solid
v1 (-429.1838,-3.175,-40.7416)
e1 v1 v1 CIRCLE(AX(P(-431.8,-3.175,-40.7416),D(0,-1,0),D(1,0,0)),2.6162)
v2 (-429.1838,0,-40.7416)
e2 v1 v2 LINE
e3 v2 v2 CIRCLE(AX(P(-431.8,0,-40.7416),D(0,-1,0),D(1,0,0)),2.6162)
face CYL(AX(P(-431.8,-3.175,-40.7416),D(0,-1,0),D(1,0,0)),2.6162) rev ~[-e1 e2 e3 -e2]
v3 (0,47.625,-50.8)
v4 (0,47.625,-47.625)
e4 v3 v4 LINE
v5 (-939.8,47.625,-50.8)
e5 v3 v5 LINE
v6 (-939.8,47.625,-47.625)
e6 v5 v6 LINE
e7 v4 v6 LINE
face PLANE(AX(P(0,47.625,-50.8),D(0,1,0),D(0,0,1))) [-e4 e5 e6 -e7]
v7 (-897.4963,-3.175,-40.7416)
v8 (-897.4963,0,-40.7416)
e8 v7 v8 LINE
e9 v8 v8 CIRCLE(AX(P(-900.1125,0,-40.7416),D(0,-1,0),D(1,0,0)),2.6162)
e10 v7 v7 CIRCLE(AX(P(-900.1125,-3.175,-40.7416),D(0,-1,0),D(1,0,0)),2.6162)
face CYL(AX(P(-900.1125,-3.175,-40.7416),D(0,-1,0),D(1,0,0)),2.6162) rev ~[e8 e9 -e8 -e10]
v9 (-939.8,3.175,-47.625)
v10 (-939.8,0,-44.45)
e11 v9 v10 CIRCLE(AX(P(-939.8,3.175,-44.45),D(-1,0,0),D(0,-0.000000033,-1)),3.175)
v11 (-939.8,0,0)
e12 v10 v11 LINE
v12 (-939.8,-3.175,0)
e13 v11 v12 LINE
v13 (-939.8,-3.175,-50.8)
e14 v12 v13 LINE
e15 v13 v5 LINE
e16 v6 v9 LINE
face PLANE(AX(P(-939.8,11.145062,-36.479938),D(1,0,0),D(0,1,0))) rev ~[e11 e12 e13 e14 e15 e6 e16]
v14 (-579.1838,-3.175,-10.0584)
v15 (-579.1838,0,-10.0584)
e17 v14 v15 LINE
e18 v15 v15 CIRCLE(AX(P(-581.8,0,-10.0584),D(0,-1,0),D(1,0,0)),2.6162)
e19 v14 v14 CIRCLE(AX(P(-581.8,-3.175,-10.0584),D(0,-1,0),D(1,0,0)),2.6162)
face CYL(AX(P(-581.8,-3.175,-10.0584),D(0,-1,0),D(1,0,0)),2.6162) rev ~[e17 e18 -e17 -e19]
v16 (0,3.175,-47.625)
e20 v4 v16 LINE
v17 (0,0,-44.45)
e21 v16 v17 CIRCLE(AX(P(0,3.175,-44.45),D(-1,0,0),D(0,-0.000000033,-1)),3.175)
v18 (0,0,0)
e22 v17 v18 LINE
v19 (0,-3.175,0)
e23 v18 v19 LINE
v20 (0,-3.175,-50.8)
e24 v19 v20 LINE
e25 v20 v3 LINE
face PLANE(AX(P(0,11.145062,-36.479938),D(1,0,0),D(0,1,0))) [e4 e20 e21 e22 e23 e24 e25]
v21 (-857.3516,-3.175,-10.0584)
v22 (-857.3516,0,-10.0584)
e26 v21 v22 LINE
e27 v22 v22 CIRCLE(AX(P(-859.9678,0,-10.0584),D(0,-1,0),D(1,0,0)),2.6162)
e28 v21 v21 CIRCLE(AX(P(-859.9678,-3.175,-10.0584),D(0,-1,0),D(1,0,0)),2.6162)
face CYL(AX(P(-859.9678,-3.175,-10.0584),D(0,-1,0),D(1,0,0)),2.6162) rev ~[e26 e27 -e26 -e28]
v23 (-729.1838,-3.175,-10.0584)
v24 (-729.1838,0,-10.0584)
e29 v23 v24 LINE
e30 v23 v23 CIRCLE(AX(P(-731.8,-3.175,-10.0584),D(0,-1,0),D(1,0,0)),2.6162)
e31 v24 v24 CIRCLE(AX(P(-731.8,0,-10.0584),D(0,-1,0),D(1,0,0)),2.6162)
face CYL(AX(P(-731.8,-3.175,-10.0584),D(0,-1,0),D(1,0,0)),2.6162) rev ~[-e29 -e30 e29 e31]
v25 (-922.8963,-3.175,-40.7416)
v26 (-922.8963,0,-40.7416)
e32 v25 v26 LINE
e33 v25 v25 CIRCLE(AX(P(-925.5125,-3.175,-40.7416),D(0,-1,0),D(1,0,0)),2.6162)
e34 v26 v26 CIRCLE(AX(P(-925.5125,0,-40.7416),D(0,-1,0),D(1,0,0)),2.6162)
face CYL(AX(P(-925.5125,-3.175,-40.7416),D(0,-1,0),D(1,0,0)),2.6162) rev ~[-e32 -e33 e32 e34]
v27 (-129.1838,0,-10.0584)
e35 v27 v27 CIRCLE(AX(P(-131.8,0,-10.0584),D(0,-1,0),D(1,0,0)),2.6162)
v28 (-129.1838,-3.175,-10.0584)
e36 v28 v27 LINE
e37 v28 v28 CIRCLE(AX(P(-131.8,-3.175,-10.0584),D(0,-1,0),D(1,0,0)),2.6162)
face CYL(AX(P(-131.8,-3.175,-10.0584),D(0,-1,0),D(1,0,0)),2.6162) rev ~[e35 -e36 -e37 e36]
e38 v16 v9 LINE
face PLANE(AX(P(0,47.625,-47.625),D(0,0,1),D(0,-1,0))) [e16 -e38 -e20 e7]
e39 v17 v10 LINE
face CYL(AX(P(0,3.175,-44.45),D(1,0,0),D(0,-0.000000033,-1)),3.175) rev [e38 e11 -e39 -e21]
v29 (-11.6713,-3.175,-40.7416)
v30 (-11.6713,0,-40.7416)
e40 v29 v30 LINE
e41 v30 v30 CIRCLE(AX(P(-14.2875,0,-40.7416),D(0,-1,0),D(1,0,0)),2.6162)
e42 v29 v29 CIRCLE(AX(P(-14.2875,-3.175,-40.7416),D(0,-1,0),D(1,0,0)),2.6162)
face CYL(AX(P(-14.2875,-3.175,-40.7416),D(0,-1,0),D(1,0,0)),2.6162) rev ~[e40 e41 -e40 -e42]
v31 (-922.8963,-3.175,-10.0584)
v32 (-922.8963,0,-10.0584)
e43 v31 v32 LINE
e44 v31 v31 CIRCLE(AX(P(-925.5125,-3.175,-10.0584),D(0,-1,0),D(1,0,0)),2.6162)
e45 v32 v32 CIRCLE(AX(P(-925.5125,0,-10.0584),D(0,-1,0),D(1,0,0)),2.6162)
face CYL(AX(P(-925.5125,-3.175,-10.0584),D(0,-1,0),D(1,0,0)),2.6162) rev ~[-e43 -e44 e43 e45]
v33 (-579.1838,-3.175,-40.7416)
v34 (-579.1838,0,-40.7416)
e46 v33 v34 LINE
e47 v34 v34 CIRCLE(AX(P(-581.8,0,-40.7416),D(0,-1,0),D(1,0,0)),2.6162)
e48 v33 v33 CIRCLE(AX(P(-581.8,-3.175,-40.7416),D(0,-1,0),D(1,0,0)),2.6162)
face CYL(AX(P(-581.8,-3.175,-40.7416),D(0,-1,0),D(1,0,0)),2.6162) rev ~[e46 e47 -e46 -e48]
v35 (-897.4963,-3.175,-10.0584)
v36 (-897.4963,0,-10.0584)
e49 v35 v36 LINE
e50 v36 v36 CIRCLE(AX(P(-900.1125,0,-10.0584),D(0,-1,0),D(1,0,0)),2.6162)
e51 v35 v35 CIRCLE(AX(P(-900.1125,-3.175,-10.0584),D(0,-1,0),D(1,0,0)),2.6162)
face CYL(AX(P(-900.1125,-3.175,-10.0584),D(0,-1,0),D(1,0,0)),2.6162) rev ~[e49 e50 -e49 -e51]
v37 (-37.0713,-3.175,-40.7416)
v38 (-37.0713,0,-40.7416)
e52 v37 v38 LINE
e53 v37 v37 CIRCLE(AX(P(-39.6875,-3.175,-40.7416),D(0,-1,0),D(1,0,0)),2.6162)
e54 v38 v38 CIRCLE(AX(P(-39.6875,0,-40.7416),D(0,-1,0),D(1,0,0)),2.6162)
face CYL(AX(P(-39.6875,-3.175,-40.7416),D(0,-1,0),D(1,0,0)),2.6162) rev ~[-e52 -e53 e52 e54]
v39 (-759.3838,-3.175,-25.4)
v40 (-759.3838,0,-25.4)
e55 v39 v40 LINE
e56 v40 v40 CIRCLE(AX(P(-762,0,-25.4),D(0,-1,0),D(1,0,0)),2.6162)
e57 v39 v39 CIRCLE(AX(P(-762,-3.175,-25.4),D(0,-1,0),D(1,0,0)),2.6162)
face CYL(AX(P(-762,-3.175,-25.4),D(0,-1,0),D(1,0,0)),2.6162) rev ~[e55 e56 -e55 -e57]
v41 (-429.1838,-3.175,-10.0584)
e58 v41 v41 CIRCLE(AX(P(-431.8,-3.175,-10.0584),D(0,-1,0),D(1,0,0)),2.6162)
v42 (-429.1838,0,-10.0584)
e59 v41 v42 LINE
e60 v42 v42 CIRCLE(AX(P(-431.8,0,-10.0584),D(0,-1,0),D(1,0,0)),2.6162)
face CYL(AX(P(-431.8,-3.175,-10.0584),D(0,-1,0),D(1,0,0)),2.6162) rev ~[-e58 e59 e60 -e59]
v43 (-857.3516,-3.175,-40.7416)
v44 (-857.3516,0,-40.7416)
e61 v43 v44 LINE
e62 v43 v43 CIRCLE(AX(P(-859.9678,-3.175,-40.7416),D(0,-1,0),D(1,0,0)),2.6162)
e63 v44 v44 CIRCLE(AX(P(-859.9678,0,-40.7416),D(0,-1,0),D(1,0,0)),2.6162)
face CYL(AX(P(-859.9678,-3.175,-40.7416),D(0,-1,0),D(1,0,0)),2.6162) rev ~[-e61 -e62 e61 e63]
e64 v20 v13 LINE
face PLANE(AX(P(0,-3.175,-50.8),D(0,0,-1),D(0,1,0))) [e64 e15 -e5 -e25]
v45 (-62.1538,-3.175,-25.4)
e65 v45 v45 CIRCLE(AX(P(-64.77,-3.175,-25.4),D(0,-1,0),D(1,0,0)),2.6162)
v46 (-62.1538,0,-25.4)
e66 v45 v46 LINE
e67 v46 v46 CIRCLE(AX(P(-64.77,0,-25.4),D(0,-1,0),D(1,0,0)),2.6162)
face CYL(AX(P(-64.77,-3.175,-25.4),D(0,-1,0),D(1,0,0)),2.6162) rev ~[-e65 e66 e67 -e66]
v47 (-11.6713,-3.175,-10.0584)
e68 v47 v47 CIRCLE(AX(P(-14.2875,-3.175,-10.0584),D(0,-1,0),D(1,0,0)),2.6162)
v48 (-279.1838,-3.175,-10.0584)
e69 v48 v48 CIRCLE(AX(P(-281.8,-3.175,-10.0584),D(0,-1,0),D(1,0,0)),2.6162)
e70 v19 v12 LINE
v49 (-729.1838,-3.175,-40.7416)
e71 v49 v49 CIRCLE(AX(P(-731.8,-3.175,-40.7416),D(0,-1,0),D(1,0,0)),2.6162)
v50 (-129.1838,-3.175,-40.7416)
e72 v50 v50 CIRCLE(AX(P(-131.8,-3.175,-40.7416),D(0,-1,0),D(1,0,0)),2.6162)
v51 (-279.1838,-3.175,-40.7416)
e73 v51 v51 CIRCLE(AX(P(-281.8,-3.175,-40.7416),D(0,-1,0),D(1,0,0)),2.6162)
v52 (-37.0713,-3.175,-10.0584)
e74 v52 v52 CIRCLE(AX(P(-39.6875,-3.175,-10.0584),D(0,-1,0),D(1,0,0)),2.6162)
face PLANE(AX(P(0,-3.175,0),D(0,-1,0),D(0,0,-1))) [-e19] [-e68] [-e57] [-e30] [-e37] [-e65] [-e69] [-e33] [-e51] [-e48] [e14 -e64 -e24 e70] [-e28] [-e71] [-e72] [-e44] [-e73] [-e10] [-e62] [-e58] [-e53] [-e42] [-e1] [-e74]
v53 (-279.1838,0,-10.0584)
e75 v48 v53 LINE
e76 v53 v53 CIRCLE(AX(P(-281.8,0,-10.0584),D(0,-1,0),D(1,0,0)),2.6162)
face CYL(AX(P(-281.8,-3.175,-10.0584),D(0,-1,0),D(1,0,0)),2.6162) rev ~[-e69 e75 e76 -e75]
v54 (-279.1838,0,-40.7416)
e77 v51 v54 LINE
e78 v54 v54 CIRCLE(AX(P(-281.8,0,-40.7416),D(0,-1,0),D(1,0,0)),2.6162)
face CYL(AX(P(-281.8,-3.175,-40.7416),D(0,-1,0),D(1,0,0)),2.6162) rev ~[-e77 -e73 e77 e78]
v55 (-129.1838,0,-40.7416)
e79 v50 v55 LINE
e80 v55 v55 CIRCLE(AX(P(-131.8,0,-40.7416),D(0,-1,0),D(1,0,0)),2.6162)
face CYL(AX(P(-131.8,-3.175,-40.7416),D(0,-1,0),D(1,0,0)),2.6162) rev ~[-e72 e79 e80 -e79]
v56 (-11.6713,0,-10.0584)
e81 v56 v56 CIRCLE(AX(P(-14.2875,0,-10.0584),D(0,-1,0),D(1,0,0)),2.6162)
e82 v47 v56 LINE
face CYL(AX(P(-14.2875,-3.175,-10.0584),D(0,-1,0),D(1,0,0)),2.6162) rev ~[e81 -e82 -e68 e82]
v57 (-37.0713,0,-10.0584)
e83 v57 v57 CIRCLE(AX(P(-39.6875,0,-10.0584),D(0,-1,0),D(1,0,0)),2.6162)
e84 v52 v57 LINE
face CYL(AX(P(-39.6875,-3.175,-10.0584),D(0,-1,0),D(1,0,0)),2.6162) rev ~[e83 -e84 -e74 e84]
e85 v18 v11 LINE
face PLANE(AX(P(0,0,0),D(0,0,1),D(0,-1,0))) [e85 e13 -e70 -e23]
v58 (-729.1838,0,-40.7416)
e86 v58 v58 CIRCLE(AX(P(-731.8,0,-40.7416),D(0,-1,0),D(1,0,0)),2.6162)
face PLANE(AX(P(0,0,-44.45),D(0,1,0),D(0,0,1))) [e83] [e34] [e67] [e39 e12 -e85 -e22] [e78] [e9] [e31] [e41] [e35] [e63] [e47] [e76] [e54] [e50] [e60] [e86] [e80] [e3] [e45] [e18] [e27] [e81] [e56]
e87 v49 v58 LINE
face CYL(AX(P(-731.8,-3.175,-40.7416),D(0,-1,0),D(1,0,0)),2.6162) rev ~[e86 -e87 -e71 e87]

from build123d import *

# Parameters (mm, degrees)
F1_DEPTH = 939.8
F2_R     = 2.6162
F3_DEPTH = 50.801


with BuildPart() as f1:
    # F0 (on Right) → F1 (new body)
    with BuildSketch(Plane.YZ):
        with BuildLine():
            Line((0, -44.45), (0, 0))
            Line((0, 0), (-3.175, 0))
            Line((-3.175, 0), (-3.175, -50.8))
            Line((-3.175, -50.8), (47.625, -50.8))
            Line((47.625, -50.8), (47.625, -47.625))
            Line((47.625, -47.625), (3.175, -47.625))
            ThreePointArc((3.175, -47.625), (0.929936, -46.695064), (0, -44.45))
        make_face()
    extrude(amount=-F1_DEPTH)

    # F2 (on face) → F3 (cut, through all)
    with BuildSketch(Plane.XZ.offset(3.175)):
        with Locations((-14.2875, -40.7416)):
            Circle(F2_R)
        with Locations((-14.2875, -10.0584)):
            Circle(F2_R)
        with Locations((-925.5125, -40.7416)):
            Circle(F2_R)
        with Locations((-925.5125, -10.0584)):
            Circle(F2_R)
        with Locations((-431.8, -10.0584)):
            Circle(F2_R)
        with Locations((-431.8, -40.7416)):
            Circle(F2_R)
        with Locations((-64.77, -25.4)):
            Circle(F2_R)
        with Locations((-762, -25.4)):
            Circle(F2_R)
        with Locations((-900.1125, -10.0584)):
            Circle(F2_R)
        with Locations((-900.1125, -40.7416)):
            Circle(F2_R)
        with Locations((-39.6875, -10.0584)):
            Circle(F2_R)
        with Locations((-39.6875, -40.7416)):
            Circle(F2_R)
        with Locations((-859.9678, -10.0584)):
            Circle(F2_R)
        with Locations((-859.9678, -40.7416)):
            Circle(F2_R)
        with Locations((-731.8, -10.0584)):
            Circle(F2_R)
        with Locations((-731.8, -40.7416)):
            Circle(F2_R)
        with Locations((-581.8, -10.0584)):
            Circle(F2_R)
        with Locations((-581.8, -40.7416)):
            Circle(F2_R)
        with Locations((-281.8, -10.0584)):
            Circle(F2_R)
        with Locations((-281.8, -40.7416)):
            Circle(F2_R)
        with Locations((-131.8, -10.0584)):
            Circle(F2_R)
        with Locations((-131.8, -40.7416)):
            Circle(F2_R)
    extrude(amount=-F3_DEPTH, mode=Mode.SUBTRACT)


solid = f1.part
